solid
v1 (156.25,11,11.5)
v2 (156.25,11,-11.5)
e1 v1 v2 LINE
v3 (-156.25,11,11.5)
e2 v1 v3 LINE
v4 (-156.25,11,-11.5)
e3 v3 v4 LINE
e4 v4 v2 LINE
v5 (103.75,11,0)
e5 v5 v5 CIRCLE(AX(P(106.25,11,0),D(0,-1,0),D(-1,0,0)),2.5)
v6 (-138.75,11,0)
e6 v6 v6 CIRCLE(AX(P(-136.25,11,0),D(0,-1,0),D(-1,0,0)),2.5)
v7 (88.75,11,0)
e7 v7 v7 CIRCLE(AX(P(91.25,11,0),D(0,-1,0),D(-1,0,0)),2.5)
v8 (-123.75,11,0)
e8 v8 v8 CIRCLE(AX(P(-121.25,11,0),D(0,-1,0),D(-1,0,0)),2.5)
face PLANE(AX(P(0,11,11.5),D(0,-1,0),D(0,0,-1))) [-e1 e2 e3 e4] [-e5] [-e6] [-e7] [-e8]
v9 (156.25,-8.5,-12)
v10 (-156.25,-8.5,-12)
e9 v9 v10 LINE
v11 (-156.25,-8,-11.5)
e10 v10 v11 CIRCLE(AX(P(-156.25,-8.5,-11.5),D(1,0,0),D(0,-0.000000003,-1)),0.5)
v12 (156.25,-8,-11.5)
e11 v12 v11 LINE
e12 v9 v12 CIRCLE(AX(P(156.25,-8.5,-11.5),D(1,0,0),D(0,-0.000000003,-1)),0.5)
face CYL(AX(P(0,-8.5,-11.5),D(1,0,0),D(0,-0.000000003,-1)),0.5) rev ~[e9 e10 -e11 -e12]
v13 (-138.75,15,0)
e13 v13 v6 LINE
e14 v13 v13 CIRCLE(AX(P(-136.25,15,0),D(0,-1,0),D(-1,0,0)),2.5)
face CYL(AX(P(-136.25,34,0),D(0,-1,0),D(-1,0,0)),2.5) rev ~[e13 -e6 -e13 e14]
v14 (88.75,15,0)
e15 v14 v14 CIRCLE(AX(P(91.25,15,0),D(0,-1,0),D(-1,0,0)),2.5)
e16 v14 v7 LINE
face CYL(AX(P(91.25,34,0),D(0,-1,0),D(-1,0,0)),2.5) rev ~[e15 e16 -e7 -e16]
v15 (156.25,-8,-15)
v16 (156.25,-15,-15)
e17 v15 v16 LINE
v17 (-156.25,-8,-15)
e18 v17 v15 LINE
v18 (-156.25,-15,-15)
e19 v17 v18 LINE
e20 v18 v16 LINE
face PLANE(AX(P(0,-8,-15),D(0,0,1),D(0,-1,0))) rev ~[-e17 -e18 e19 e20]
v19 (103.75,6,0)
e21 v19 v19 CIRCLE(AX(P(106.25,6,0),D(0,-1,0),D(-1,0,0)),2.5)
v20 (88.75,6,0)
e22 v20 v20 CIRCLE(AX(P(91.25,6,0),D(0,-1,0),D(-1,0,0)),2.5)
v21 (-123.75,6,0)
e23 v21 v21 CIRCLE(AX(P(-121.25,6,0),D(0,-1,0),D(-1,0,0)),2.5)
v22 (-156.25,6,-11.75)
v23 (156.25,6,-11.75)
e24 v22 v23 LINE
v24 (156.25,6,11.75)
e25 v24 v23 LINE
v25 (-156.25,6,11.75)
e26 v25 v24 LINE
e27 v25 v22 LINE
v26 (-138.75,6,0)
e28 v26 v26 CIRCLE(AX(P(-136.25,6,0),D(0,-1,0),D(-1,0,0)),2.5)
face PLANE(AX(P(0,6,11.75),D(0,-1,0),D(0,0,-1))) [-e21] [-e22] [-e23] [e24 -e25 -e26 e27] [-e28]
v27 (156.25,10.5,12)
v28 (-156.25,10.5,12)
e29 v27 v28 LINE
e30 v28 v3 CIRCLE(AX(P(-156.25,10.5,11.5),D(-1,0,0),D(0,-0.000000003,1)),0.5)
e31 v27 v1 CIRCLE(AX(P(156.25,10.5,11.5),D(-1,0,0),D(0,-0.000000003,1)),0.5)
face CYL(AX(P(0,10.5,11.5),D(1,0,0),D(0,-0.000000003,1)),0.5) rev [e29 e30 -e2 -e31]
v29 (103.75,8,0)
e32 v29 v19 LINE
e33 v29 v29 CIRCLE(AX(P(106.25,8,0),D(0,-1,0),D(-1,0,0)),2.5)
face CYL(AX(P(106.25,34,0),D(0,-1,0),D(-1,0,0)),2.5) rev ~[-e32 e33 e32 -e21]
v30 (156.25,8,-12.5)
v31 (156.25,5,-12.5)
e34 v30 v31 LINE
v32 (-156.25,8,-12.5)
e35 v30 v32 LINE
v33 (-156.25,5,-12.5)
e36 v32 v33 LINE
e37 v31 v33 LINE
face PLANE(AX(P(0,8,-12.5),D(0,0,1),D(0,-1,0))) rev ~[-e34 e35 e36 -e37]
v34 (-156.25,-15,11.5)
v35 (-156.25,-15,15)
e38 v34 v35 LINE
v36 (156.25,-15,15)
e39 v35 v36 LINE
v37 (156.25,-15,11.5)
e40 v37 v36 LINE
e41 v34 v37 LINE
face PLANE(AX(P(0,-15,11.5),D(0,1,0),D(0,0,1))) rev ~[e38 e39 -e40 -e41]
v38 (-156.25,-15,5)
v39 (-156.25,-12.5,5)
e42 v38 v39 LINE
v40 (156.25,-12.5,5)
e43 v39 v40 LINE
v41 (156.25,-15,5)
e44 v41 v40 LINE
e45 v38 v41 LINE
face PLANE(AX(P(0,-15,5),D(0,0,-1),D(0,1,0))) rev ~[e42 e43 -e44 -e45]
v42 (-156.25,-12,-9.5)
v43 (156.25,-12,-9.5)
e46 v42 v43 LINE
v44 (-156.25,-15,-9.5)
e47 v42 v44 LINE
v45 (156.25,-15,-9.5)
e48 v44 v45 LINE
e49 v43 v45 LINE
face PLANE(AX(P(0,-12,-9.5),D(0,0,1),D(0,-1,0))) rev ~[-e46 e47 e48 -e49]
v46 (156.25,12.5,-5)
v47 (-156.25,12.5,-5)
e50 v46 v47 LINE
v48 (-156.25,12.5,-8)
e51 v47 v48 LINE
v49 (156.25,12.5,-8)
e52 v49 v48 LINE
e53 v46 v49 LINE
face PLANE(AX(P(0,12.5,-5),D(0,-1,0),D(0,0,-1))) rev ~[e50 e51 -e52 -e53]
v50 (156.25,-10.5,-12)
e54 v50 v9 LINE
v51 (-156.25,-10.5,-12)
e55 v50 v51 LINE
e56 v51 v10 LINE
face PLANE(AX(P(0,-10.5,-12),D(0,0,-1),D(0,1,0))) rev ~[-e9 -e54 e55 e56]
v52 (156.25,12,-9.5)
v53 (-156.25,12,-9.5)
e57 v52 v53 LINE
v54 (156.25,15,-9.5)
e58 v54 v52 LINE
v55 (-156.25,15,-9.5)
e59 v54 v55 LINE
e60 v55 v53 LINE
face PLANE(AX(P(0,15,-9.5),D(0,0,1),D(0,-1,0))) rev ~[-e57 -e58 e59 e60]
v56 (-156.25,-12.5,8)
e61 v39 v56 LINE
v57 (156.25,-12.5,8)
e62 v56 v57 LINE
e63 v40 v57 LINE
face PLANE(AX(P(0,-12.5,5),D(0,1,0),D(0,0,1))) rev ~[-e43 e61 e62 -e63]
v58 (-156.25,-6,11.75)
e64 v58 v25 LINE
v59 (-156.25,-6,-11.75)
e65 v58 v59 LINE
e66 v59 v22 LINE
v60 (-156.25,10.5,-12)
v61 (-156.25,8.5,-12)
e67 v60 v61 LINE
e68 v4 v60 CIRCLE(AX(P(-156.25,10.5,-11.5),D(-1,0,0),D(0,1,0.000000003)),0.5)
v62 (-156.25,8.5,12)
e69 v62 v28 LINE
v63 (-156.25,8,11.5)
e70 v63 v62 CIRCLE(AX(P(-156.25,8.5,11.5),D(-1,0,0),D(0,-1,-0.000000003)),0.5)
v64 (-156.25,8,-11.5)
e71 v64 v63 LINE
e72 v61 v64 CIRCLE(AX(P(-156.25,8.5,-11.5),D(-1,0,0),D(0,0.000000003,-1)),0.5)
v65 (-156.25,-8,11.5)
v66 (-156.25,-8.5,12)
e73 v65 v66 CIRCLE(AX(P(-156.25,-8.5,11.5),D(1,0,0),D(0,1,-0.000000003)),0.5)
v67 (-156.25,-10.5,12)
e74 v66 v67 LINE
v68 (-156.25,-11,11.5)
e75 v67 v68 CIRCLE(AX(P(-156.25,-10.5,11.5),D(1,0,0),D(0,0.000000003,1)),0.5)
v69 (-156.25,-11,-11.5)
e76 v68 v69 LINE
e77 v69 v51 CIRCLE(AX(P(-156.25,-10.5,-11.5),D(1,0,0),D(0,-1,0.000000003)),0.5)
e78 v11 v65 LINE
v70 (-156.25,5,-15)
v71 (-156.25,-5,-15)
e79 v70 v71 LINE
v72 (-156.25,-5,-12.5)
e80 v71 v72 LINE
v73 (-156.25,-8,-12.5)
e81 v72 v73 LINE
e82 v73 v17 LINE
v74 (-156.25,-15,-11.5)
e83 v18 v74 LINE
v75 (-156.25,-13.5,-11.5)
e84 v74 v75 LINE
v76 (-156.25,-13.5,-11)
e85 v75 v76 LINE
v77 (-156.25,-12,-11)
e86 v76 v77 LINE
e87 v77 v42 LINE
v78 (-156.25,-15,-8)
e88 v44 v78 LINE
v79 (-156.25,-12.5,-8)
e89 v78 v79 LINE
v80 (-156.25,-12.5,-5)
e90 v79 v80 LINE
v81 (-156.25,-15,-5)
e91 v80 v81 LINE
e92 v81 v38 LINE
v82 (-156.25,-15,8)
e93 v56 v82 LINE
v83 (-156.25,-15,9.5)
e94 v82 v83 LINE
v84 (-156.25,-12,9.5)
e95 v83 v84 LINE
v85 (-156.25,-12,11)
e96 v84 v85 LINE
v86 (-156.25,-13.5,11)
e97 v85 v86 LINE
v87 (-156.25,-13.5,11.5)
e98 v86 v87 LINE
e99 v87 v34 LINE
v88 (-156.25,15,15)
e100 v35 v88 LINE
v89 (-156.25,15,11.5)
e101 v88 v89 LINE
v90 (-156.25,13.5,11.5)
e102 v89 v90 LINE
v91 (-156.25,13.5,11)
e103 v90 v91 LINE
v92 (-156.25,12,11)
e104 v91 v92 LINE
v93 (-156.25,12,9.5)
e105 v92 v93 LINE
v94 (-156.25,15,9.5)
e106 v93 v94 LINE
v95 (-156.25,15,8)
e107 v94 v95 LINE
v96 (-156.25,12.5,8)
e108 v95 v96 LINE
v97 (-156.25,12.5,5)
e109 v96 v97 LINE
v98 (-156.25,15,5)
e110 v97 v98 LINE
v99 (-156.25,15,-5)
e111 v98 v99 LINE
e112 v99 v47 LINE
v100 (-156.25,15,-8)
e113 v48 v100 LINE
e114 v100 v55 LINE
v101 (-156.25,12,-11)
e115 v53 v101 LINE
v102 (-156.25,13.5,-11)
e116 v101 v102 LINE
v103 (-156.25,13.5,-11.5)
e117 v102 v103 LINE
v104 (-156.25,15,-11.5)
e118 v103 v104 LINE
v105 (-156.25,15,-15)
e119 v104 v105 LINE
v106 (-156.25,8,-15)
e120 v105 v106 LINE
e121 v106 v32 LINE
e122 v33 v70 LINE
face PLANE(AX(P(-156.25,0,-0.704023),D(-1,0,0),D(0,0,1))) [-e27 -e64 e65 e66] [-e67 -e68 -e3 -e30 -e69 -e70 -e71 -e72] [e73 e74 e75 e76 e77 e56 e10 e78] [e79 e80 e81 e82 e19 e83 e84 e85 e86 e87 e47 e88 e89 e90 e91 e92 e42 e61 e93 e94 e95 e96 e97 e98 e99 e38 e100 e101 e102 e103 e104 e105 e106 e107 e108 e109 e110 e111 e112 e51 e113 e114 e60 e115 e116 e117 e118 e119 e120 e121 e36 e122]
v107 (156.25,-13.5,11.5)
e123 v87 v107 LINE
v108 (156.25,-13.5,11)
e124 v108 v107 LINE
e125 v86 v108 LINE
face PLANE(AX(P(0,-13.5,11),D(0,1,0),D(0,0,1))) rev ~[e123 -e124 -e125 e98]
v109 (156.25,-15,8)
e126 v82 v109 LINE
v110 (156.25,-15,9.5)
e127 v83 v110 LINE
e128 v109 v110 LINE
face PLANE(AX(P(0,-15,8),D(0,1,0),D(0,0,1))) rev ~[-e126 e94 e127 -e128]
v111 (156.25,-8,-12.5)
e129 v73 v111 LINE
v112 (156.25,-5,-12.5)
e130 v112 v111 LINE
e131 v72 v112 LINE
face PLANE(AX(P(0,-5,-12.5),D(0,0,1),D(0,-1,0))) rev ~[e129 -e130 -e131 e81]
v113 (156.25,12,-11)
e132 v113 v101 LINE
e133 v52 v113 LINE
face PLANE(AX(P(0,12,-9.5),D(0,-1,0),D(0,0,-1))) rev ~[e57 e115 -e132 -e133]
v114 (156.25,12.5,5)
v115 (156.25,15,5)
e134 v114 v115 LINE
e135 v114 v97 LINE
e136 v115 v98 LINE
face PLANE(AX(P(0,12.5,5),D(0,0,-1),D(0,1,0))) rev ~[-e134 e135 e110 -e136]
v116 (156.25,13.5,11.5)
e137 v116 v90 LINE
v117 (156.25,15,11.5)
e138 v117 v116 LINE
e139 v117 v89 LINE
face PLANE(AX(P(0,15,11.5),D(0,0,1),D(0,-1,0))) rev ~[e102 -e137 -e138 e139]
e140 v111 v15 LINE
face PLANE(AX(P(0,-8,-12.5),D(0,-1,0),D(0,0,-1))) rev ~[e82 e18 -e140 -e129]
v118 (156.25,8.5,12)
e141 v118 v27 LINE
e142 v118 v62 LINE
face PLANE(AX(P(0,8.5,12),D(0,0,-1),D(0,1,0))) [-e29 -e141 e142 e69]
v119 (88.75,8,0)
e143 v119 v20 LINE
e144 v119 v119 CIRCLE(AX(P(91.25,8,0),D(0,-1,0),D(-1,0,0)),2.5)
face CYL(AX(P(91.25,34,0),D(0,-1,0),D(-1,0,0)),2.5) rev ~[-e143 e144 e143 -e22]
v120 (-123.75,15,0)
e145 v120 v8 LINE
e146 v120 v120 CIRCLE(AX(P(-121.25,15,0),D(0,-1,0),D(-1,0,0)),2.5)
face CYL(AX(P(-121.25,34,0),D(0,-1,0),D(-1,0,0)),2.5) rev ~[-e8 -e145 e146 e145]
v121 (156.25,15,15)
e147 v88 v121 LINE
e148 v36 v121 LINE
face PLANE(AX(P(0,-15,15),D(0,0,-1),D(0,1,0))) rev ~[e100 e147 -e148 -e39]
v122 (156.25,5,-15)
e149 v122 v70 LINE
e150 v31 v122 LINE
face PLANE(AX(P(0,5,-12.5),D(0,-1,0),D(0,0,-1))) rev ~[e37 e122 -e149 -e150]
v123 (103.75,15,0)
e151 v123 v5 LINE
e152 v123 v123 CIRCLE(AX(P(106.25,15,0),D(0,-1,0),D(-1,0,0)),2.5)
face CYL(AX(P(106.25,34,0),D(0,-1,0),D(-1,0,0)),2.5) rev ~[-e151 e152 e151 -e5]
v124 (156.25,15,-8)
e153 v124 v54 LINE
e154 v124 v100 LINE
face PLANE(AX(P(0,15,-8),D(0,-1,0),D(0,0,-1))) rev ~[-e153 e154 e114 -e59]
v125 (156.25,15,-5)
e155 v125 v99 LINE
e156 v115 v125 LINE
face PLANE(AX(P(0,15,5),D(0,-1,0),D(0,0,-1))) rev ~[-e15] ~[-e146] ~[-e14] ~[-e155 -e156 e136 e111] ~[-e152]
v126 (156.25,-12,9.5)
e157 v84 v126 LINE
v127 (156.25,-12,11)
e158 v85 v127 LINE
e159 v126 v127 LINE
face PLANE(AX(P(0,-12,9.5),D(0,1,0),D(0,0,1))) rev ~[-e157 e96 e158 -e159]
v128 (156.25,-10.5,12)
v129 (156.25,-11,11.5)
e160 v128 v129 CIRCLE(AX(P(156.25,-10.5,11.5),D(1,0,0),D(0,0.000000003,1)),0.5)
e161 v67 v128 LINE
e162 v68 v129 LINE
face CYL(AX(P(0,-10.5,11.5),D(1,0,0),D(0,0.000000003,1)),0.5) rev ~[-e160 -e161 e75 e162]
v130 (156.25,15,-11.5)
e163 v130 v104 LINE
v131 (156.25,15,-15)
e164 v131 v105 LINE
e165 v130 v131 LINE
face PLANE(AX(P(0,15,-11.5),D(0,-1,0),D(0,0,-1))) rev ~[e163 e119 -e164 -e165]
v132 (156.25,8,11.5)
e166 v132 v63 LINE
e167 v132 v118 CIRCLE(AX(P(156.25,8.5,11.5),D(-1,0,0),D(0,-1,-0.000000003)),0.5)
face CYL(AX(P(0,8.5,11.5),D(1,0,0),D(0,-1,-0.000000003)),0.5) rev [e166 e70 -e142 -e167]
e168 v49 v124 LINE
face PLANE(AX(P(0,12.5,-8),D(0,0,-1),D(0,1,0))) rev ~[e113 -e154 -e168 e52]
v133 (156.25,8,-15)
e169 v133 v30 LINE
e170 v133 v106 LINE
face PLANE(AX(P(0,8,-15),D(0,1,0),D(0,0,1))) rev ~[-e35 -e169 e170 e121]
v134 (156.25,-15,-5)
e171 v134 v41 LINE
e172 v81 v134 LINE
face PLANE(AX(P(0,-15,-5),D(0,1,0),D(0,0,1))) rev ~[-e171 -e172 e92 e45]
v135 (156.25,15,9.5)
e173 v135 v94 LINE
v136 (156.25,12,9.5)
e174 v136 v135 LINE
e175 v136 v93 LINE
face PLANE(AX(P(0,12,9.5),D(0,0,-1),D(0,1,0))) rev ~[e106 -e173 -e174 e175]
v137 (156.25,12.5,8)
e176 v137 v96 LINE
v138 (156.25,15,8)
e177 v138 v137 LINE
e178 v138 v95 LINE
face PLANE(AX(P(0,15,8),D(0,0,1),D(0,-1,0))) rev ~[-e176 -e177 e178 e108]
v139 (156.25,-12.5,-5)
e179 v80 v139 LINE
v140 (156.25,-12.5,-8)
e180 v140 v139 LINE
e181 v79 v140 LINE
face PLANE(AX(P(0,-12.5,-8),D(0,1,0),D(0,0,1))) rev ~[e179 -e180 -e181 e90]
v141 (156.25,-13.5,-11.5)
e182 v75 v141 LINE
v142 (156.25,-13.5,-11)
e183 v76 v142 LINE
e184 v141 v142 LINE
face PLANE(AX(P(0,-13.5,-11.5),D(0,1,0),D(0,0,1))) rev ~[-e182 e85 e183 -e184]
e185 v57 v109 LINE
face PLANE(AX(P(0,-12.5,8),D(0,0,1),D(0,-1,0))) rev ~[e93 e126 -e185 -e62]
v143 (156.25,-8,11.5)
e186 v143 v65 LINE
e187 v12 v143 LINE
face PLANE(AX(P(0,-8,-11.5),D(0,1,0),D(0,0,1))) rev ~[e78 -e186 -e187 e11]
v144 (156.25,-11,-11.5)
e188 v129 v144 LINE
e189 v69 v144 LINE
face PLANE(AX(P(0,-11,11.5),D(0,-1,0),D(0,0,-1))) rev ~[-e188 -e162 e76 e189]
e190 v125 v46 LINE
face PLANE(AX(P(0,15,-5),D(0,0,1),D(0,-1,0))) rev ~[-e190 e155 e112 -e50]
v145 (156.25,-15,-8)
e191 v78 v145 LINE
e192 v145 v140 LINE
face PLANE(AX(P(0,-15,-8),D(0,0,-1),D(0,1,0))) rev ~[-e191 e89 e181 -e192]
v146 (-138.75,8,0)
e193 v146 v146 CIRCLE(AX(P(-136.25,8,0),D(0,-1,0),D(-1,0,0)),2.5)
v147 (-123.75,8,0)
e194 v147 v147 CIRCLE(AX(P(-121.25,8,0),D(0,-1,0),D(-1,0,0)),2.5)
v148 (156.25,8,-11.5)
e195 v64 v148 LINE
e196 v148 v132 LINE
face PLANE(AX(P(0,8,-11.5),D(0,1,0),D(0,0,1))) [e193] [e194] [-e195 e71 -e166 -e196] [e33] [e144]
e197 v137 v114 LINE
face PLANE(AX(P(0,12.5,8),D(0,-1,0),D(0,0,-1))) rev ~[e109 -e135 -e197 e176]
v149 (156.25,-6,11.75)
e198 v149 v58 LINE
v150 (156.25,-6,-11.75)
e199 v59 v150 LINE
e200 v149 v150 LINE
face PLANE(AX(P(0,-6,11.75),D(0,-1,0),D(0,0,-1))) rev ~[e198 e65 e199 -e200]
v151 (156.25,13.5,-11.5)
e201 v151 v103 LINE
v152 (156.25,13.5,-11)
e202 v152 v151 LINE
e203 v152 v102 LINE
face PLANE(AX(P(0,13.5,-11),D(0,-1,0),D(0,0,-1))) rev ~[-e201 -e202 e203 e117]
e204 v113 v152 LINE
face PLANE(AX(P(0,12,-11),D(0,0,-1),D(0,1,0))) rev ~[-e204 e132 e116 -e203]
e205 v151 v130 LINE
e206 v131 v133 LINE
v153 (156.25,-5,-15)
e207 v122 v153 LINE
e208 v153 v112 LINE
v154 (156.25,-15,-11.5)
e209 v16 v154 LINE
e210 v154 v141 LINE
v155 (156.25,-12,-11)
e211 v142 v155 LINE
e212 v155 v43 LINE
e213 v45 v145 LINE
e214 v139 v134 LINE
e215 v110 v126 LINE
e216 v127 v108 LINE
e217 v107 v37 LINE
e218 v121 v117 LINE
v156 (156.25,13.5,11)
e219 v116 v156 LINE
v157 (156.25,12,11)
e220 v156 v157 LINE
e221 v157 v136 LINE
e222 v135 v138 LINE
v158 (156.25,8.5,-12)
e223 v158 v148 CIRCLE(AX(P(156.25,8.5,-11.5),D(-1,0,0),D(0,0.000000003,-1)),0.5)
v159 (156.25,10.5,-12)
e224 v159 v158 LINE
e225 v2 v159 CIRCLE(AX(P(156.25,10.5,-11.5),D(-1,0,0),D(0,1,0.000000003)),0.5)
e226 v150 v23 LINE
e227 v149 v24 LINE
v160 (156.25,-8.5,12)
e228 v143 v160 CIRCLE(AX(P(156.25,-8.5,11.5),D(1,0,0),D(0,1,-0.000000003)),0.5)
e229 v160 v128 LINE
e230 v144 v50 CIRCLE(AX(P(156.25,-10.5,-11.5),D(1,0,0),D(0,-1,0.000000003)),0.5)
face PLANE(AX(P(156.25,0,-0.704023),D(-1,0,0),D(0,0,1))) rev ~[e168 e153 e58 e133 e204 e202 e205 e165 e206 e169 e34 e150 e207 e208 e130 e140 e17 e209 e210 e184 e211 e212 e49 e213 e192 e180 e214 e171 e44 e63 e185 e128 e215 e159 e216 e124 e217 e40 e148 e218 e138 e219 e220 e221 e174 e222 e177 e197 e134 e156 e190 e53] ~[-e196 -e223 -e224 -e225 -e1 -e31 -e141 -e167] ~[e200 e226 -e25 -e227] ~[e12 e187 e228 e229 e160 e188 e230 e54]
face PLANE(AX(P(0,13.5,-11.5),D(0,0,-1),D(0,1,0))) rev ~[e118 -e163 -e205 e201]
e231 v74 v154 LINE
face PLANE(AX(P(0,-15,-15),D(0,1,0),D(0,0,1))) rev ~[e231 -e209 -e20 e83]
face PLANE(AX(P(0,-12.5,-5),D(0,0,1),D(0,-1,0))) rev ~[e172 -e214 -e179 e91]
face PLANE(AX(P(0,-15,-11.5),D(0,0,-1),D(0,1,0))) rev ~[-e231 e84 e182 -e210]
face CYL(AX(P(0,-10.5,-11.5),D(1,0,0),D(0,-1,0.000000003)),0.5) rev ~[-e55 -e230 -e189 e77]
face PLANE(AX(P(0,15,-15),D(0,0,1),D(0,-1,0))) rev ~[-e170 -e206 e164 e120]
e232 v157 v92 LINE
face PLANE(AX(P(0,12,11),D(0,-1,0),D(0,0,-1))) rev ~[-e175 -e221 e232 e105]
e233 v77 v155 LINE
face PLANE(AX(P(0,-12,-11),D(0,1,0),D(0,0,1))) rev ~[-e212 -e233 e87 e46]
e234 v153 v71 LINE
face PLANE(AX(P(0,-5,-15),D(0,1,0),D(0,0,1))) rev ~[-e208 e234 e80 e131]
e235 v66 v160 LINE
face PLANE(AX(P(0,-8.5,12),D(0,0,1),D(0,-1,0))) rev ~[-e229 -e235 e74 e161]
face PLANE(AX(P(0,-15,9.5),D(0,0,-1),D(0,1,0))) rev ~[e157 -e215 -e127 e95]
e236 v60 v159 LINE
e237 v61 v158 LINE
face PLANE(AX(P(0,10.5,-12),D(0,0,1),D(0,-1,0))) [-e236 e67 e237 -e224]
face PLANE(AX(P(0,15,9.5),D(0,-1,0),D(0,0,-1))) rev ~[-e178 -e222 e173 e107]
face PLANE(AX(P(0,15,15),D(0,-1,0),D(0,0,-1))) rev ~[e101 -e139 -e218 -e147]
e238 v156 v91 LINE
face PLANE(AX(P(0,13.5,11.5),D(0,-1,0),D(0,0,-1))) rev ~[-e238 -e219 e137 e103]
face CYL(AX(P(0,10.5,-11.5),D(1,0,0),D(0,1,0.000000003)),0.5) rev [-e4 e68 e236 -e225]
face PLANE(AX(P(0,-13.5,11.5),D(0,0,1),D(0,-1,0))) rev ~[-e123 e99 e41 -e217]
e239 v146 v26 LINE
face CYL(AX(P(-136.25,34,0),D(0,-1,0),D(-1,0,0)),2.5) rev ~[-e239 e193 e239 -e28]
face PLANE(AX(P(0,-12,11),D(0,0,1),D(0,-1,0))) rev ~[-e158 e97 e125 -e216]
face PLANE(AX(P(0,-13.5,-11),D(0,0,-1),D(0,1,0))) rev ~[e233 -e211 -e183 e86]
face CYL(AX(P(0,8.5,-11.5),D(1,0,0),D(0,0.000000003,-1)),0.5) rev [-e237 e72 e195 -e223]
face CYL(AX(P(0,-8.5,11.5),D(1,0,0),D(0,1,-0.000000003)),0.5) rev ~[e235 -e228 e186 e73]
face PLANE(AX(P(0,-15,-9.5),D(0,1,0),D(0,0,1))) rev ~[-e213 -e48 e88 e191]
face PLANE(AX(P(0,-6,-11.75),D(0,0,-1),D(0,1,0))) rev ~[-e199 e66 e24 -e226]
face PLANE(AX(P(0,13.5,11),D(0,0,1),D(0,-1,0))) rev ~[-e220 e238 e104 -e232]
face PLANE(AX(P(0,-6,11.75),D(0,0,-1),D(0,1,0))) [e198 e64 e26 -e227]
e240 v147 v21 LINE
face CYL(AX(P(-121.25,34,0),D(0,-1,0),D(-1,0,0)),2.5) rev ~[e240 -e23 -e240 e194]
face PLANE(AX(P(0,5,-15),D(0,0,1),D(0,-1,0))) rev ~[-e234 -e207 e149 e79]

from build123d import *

# Parameters (mm, degrees)
SKETCH_1_W             = 23.5
SKETCH_1_H             = 12
EXTRUDE_1_DEPTH        = 156.25
HOLE_WIZARD_M6_1_D     = 5
HOLE_WIZARD_M6_1_DEPTH = 19
HOLE_WIZARD_M6_1_TIP   = 1.502151548


with BuildPart() as part:
    # 草图1 → 凸台-拉伸1 (new, symmetric)
    with BuildSketch(Plane(origin=(0, 0, 0), x_dir=(0, 0, -1), z_dir=(1, 0, 0))):
        Polygon((-15, 15), (-11.5, 15), (-11.5, 13.5), (-11, 13.5), (-11, 12), (-9.5, 12), (-9.5, 15), (-8, 15), (-8, 12.5), (-5, 12.5), (-5, 15), (5, 15), (5, 12.5), (8, 12.5), (8, 15), (9.5, 15), (9.5, 12), (11, 12), (11, 13.5), (11.5, 13.5), (11.5, 15), (15, 15), (15, 8), (12.5, 8), (12.5, 5), (15, 5), (15, -5), (12.5, -5), (12.5, -8), (15, -8), (15, -15), (11.5, -15), (11.5, -13.5), (11, -13.5), (11, -12), (9.5, -12), (9.5, -15), (8, -15), (8, -12.5), (5, -12.5), (5, -15), (-5, -15), (-5, -12.5), (-8, -12.5), (-8, -15), (-9.5, -15), (-9.5, -12), (-11, -12), (-11, -13.5), (-11.5, -13.5), (-11.5, -15), (-15, -15), align=None)
        with BuildLine():
            Line((12, -10.5), (12, -8.5))
            ThreePointArc((12, -8.5), (11.853553391, -8.146446609), (11.5, -8))
            Line((11.5, -8), (-11.5, -8))
            ThreePointArc((-11.5, -8), (-11.853553391, -8.146446609), (-12, -8.5))
            Line((-12, -8.5), (-12, -10.5))
            ThreePointArc((-12, -10.5), (-11.853553391, -10.853553391), (-11.5, -11))
            Line((-11.5, -11), (11.5, -11))
            ThreePointArc((11.5, -11), (11.853553391, -10.853553391), (12, -10.5))
        make_face(mode=Mode.SUBTRACT)
        with BuildLine():
            Line((-11.5, 11), (11.5, 11))
            ThreePointArc((11.5, 11), (11.853553391, 10.853553391), (12, 10.5))
            Line((12, 10.5), (12, 8.5))
            ThreePointArc((12, 8.5), (11.853553391, 8.146446609), (11.5, 8))
            Line((11.5, 8), (-11.5, 8))
            ThreePointArc((-11.5, 8), (-11.853553391, 8.146446609), (-12, 8.5))
            Line((-12, 8.5), (-12, 10.5))
            ThreePointArc((-12, 10.5), (-11.853553391, 10.853553391), (-11.5, 11))
        make_face(mode=Mode.SUBTRACT)
        Rectangle(SKETCH_1_W, SKETCH_1_H, mode=Mode.SUBTRACT)
    extrude(amount=EXTRUDE_1_DEPTH, both=True)

    # M6 螺纹孔1
    with Locations(Plane(origin=(0, 15, 0), x_dir=(1, 0, 0), z_dir=(0, 1, 0))):
        with Locations((106.25, 0), (91.25, 0), (-121.25, 0), (-136.25, 0)):
            Hole(HOLE_WIZARD_M6_1_D / 2, depth=HOLE_WIZARD_M6_1_DEPTH)
            with Locations((0, 0, -(HOLE_WIZARD_M6_1_DEPTH + HOLE_WIZARD_M6_1_TIP / 2))):  # 118° drill point
                Cone(0, HOLE_WIZARD_M6_1_D / 2, HOLE_WIZARD_M6_1_TIP, mode=Mode.SUBTRACT)


solid = part.part
